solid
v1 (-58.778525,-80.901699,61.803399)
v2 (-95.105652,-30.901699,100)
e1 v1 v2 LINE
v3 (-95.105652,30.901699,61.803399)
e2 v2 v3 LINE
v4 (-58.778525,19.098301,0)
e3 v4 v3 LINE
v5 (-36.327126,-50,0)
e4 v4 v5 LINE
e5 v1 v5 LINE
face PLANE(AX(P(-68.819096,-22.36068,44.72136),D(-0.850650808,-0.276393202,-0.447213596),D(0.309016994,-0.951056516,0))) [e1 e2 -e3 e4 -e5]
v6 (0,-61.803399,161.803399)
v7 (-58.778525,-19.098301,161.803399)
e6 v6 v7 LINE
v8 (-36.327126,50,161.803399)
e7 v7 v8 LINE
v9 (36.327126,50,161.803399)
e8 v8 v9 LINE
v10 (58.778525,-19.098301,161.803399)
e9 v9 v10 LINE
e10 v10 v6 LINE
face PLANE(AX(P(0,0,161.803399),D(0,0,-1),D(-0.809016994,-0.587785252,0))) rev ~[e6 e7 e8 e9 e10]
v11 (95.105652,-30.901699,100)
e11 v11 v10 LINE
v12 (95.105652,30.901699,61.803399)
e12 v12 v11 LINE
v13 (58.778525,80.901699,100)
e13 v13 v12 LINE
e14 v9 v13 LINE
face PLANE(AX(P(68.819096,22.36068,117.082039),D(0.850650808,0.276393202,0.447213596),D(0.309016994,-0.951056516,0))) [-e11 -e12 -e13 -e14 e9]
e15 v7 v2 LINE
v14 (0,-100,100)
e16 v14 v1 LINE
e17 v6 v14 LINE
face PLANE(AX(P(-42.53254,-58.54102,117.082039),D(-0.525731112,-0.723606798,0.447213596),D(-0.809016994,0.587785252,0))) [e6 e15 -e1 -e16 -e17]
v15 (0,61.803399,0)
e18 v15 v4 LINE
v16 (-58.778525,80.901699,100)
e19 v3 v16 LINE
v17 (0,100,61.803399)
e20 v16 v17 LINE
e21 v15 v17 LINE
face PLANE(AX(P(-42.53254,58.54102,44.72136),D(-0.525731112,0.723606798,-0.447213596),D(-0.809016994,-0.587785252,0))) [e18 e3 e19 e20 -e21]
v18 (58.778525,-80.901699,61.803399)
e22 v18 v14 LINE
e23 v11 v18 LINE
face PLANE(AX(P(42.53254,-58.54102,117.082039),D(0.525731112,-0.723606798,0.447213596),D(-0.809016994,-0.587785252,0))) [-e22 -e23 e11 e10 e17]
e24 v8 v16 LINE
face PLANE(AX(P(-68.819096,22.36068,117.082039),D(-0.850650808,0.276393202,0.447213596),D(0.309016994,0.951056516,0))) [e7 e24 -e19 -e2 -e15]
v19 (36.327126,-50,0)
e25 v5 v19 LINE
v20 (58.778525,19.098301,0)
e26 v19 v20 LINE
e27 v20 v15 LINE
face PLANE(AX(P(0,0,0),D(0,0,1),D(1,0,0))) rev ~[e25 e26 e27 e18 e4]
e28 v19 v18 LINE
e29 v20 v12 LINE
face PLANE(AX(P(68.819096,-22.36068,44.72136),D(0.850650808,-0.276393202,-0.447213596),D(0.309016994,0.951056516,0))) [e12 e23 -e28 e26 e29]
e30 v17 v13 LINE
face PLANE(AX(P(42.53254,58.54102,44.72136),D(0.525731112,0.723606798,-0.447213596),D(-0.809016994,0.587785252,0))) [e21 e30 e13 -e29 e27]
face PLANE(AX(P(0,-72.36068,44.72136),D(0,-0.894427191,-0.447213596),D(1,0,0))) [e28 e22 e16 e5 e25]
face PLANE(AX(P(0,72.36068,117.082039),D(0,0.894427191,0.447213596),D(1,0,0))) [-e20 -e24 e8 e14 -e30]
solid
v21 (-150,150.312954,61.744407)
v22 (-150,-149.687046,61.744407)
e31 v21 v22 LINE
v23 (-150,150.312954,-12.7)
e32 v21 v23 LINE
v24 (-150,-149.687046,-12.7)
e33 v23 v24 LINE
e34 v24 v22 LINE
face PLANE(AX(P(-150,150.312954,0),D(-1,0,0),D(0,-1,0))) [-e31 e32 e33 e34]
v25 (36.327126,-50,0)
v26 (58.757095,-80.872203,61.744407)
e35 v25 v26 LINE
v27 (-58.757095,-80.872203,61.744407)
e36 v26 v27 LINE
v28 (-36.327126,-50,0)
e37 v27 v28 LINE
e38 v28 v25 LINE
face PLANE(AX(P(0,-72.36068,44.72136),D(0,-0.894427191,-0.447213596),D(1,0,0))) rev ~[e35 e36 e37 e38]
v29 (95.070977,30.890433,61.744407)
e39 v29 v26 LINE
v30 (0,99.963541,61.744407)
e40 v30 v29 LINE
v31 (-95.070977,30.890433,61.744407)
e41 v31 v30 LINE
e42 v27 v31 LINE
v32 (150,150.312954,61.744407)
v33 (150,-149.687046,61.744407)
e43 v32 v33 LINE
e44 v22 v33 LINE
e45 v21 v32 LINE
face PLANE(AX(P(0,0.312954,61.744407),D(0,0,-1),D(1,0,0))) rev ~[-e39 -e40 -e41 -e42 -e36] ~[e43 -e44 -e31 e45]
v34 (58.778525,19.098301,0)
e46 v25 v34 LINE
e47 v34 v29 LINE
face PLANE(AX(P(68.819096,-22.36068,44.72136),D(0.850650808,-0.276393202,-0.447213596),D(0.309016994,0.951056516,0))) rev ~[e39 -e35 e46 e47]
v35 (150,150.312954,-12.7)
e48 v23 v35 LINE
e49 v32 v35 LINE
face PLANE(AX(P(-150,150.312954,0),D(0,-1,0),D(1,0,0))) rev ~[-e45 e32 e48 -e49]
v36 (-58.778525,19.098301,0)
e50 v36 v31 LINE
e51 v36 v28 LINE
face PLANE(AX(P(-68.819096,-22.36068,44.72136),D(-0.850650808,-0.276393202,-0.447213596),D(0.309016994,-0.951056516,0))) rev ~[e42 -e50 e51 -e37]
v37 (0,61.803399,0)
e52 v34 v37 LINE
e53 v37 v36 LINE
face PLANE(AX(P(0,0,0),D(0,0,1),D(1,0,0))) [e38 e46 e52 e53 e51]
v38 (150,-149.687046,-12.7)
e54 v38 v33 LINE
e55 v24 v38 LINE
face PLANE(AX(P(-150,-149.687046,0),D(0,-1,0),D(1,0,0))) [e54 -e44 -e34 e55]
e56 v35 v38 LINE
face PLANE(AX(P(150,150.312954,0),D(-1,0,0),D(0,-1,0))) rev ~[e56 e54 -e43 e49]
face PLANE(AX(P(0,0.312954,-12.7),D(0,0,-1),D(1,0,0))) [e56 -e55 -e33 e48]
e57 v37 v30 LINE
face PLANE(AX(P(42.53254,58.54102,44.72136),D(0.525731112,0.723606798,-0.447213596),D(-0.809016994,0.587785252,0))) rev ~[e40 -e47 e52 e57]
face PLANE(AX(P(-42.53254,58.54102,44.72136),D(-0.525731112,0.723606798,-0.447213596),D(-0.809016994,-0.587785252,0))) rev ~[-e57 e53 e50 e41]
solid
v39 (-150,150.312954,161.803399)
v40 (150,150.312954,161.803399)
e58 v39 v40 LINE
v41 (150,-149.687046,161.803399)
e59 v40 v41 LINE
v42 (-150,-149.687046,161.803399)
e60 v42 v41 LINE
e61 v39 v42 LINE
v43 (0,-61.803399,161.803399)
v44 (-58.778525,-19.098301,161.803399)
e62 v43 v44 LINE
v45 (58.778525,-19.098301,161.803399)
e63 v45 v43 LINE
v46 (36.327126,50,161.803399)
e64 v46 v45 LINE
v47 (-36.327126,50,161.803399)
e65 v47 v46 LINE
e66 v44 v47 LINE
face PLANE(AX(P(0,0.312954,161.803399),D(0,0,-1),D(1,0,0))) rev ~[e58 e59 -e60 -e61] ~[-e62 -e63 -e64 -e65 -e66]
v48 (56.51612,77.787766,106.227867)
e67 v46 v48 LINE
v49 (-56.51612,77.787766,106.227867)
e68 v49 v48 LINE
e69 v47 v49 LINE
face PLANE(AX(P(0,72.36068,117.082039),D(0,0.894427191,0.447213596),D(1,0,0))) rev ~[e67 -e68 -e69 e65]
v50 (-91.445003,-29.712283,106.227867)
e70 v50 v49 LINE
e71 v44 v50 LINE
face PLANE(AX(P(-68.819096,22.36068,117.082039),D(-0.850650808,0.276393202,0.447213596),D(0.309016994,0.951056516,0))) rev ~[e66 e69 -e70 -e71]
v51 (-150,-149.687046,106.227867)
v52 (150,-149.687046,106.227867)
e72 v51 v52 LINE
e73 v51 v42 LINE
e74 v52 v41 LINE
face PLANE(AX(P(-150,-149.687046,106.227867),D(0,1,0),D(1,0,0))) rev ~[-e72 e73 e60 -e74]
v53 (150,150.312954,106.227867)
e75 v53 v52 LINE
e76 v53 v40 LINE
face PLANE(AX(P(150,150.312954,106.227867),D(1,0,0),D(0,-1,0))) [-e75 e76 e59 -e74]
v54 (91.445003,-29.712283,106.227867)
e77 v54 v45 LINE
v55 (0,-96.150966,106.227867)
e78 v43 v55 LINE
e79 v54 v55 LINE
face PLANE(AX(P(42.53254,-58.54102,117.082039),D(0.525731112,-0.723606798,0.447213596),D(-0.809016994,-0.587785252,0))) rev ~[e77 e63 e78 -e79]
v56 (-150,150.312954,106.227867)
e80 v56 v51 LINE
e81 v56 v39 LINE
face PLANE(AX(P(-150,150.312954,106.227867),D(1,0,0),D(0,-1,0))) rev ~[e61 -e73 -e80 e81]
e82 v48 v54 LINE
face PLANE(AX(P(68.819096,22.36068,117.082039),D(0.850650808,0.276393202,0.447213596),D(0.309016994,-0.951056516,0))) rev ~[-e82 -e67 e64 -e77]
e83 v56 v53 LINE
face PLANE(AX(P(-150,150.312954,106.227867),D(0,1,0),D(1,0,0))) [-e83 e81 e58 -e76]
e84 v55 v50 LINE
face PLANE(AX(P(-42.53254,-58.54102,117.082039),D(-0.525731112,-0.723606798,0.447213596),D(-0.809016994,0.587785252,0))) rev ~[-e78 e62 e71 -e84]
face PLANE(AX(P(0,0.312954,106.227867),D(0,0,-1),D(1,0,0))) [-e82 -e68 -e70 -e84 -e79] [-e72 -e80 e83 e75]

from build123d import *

# Parameters (mm, degrees)
F5_DEPTH       = 40
F6_DEPTH       = 120
F7_COUNT       = 5
F7_ANGLE       = 288
F8_ANGLE       = 180
F9_ANGLE       = 36
F11_W          = 300
F11_H          = 300
F12_DEPTH      = 61.7444068193
F12_DEPTH_BACK = 12.7
F14_START      = -106.2278673053
F14_DEPTH      = 55.5755315373


with BuildPart() as f5:
    # F0 (on Top) → F5 (new body)
    with BuildSketch(Plane.XY):
        Polygon((58.7785252292, 19.0983005625), (0, 61.803398875), (-58.7785252292, 19.0983005625), (-36.3271264003, -50), (36.3271264003, -50), align=None)
    extrude(amount=F5_DEPTH)


with BuildPart() as f6:
    # F3 (on 3pt) → F6 (new body)
    with BuildSketch(Plane(origin=(0, -39.999999984, -20.000000012), x_dir=(1, 0, 0), z_dir=(0, -0.8944271908, -0.4472135959))):
        Polygon((-36.3271264003, 22.3606797929), (36.3271264003, 22.3606797929), (58.7785252292, 91.4589803554), (0, 134.1640786679), (-58.7785252292, 91.4589803554), align=None)
    extrude(amount=-F6_DEPTH)


with BuildPart() as f7_1:
    # F7: instance of F6
    add(f6.part.rotate(Axis((0, 0, 25.4806555621), (0, 0, 1)), 1 * F7_ANGLE / (F7_COUNT - 1)))


with BuildPart() as f7_2:
    # F7: instance of F6
    add(f6.part.rotate(Axis((0, 0, 25.4806555621), (0, 0, 1)), 2 * F7_ANGLE / (F7_COUNT - 1)))


with BuildPart() as f7_3:
    # F7: instance of F6
    add(f6.part.rotate(Axis((0, 0, 25.4806555621), (0, 0, 1)), 3 * F7_ANGLE / (F7_COUNT - 1)))


with BuildPart() as f7_4:
    # F7: instance of F6
    add(f6.part.rotate(Axis((0, 0, 25.4806555621), (0, 0, 1)), 4 * F7_ANGLE / (F7_COUNT - 1)))


with BuildPart() as f8_1:
    # F8: copy of F5
    add(f5.part.rotate(Axis((0, -14.3237254381, 80.9016994213), (0, 1, 0)), F8_ANGLE))


with BuildPart() as f8_2:
    # F8: copy of F6
    add(f6.part.rotate(Axis((0, -14.3237254381, 80.9016994213), (0, 1, 0)), F8_ANGLE))


with BuildPart() as f8_3:
    # F8: copy of F7_1
    add(f7_1.part.rotate(Axis((0, -14.3237254381, 80.9016994213), (0, 1, 0)), F8_ANGLE))


with BuildPart() as f8_4:
    # F8: copy of F7_2
    add(f7_2.part.rotate(Axis((0, -14.3237254381, 80.9016994213), (0, 1, 0)), F8_ANGLE))


with BuildPart() as f8_5:
    # F8: copy of F7_3
    add(f7_3.part.rotate(Axis((0, -14.3237254381, 80.9016994213), (0, 1, 0)), F8_ANGLE))


with BuildPart() as f8_6:
    # F8: copy of F7_4
    add(f7_4.part.rotate(Axis((0, -14.3237254381, 80.9016994213), (0, 1, 0)), F8_ANGLE))


with BuildPart() as f8_4_1:
    # F9: moved
    add(f8_4.part.rotate(Axis((0, 0, 25.4806555621), (0, 0, 1)), F9_ANGLE))


with BuildPart() as f8_3_1:
    # F9: moved
    add(f8_3.part.rotate(Axis((0, 0, 25.4806555621), (0, 0, 1)), F9_ANGLE))


with BuildPart() as f8_2_1:
    # F9: moved
    add(f8_2.part.rotate(Axis((0, 0, 25.4806555621), (0, 0, 1)), F9_ANGLE))


with BuildPart() as f8_6_1:
    # F9: moved
    add(f8_6.part.rotate(Axis((0, 0, 25.4806555621), (0, 0, 1)), F9_ANGLE))


with BuildPart() as f8_5_1:
    # F9: moved
    add(f8_5.part.rotate(Axis((0, 0, 25.4806555621), (0, 0, 1)), F9_ANGLE))


with BuildPart() as f8_1_1:
    # F9: moved
    add(f8_1.part.rotate(Axis((0, 0, 25.4806555621), (0, 0, 1)), F9_ANGLE))


with BuildPart() as f5_1:
    add(f5.part)

    # F10: union F6, F7_1, F7_2, F7_3, F7_4, F8_1, F8_2, F8_3, F8_4, F8_5, F8_6
    add(f6.part)
    add(f7_1.part)
    add(f7_2.part)
    add(f7_3.part)
    add(f7_4.part)
    add(f8_1_1.part)
    add(f8_2_1.part)
    add(f8_3_1.part)
    add(f8_4_1.part)
    add(f8_5_1.part)
    add(f8_6_1.part)


with BuildPart() as f12:
    # F11 (on face) → F12 (new body, two sides)
    with BuildSketch(Plane(origin=(0, 0, 0), x_dir=(1, 0, 0), z_dir=(0, 0, -1))) as f12_sk:
        with Locations((0, -0.3129541874)):
            Rectangle(F11_W, F11_H)
        Polygon((58.7785252292, -19.0983005625), (0, -61.803398875), (-58.7785252292, -19.0983005625), (-36.3271264003, 50), (36.3271264003, 50), align=None, mode=Mode.SUBTRACT)
        Polygon((-58.7785252292, -19.0983005625), (0, -61.803398875), (58.7785252292, -19.0983005625), (36.3271264003, 50), (-36.3271264003, 50), align=None)
    extrude(amount=-F12_DEPTH)
    extrude(f12_sk.sketch, amount=F12_DEPTH_BACK)

    # F13: cut F5
    add(f5_1.part, mode=Mode.SUBTRACT)


with BuildPart() as f14:
    # F11 (on face) → F14 (new body)
    with BuildSketch(Plane(origin=(0, 0, 0), x_dir=(1, 0, 0), z_dir=(0, 0, -1)).offset(F14_START)):
        with Locations((0, -0.3129541874)):
            Rectangle(F11_W, F11_H)
    extrude(amount=-F14_DEPTH)

    # F15: cut F5
    add(f5_1.part, mode=Mode.SUBTRACT)


solid = Compound([f5_1.part, f12.part, f14.part])
